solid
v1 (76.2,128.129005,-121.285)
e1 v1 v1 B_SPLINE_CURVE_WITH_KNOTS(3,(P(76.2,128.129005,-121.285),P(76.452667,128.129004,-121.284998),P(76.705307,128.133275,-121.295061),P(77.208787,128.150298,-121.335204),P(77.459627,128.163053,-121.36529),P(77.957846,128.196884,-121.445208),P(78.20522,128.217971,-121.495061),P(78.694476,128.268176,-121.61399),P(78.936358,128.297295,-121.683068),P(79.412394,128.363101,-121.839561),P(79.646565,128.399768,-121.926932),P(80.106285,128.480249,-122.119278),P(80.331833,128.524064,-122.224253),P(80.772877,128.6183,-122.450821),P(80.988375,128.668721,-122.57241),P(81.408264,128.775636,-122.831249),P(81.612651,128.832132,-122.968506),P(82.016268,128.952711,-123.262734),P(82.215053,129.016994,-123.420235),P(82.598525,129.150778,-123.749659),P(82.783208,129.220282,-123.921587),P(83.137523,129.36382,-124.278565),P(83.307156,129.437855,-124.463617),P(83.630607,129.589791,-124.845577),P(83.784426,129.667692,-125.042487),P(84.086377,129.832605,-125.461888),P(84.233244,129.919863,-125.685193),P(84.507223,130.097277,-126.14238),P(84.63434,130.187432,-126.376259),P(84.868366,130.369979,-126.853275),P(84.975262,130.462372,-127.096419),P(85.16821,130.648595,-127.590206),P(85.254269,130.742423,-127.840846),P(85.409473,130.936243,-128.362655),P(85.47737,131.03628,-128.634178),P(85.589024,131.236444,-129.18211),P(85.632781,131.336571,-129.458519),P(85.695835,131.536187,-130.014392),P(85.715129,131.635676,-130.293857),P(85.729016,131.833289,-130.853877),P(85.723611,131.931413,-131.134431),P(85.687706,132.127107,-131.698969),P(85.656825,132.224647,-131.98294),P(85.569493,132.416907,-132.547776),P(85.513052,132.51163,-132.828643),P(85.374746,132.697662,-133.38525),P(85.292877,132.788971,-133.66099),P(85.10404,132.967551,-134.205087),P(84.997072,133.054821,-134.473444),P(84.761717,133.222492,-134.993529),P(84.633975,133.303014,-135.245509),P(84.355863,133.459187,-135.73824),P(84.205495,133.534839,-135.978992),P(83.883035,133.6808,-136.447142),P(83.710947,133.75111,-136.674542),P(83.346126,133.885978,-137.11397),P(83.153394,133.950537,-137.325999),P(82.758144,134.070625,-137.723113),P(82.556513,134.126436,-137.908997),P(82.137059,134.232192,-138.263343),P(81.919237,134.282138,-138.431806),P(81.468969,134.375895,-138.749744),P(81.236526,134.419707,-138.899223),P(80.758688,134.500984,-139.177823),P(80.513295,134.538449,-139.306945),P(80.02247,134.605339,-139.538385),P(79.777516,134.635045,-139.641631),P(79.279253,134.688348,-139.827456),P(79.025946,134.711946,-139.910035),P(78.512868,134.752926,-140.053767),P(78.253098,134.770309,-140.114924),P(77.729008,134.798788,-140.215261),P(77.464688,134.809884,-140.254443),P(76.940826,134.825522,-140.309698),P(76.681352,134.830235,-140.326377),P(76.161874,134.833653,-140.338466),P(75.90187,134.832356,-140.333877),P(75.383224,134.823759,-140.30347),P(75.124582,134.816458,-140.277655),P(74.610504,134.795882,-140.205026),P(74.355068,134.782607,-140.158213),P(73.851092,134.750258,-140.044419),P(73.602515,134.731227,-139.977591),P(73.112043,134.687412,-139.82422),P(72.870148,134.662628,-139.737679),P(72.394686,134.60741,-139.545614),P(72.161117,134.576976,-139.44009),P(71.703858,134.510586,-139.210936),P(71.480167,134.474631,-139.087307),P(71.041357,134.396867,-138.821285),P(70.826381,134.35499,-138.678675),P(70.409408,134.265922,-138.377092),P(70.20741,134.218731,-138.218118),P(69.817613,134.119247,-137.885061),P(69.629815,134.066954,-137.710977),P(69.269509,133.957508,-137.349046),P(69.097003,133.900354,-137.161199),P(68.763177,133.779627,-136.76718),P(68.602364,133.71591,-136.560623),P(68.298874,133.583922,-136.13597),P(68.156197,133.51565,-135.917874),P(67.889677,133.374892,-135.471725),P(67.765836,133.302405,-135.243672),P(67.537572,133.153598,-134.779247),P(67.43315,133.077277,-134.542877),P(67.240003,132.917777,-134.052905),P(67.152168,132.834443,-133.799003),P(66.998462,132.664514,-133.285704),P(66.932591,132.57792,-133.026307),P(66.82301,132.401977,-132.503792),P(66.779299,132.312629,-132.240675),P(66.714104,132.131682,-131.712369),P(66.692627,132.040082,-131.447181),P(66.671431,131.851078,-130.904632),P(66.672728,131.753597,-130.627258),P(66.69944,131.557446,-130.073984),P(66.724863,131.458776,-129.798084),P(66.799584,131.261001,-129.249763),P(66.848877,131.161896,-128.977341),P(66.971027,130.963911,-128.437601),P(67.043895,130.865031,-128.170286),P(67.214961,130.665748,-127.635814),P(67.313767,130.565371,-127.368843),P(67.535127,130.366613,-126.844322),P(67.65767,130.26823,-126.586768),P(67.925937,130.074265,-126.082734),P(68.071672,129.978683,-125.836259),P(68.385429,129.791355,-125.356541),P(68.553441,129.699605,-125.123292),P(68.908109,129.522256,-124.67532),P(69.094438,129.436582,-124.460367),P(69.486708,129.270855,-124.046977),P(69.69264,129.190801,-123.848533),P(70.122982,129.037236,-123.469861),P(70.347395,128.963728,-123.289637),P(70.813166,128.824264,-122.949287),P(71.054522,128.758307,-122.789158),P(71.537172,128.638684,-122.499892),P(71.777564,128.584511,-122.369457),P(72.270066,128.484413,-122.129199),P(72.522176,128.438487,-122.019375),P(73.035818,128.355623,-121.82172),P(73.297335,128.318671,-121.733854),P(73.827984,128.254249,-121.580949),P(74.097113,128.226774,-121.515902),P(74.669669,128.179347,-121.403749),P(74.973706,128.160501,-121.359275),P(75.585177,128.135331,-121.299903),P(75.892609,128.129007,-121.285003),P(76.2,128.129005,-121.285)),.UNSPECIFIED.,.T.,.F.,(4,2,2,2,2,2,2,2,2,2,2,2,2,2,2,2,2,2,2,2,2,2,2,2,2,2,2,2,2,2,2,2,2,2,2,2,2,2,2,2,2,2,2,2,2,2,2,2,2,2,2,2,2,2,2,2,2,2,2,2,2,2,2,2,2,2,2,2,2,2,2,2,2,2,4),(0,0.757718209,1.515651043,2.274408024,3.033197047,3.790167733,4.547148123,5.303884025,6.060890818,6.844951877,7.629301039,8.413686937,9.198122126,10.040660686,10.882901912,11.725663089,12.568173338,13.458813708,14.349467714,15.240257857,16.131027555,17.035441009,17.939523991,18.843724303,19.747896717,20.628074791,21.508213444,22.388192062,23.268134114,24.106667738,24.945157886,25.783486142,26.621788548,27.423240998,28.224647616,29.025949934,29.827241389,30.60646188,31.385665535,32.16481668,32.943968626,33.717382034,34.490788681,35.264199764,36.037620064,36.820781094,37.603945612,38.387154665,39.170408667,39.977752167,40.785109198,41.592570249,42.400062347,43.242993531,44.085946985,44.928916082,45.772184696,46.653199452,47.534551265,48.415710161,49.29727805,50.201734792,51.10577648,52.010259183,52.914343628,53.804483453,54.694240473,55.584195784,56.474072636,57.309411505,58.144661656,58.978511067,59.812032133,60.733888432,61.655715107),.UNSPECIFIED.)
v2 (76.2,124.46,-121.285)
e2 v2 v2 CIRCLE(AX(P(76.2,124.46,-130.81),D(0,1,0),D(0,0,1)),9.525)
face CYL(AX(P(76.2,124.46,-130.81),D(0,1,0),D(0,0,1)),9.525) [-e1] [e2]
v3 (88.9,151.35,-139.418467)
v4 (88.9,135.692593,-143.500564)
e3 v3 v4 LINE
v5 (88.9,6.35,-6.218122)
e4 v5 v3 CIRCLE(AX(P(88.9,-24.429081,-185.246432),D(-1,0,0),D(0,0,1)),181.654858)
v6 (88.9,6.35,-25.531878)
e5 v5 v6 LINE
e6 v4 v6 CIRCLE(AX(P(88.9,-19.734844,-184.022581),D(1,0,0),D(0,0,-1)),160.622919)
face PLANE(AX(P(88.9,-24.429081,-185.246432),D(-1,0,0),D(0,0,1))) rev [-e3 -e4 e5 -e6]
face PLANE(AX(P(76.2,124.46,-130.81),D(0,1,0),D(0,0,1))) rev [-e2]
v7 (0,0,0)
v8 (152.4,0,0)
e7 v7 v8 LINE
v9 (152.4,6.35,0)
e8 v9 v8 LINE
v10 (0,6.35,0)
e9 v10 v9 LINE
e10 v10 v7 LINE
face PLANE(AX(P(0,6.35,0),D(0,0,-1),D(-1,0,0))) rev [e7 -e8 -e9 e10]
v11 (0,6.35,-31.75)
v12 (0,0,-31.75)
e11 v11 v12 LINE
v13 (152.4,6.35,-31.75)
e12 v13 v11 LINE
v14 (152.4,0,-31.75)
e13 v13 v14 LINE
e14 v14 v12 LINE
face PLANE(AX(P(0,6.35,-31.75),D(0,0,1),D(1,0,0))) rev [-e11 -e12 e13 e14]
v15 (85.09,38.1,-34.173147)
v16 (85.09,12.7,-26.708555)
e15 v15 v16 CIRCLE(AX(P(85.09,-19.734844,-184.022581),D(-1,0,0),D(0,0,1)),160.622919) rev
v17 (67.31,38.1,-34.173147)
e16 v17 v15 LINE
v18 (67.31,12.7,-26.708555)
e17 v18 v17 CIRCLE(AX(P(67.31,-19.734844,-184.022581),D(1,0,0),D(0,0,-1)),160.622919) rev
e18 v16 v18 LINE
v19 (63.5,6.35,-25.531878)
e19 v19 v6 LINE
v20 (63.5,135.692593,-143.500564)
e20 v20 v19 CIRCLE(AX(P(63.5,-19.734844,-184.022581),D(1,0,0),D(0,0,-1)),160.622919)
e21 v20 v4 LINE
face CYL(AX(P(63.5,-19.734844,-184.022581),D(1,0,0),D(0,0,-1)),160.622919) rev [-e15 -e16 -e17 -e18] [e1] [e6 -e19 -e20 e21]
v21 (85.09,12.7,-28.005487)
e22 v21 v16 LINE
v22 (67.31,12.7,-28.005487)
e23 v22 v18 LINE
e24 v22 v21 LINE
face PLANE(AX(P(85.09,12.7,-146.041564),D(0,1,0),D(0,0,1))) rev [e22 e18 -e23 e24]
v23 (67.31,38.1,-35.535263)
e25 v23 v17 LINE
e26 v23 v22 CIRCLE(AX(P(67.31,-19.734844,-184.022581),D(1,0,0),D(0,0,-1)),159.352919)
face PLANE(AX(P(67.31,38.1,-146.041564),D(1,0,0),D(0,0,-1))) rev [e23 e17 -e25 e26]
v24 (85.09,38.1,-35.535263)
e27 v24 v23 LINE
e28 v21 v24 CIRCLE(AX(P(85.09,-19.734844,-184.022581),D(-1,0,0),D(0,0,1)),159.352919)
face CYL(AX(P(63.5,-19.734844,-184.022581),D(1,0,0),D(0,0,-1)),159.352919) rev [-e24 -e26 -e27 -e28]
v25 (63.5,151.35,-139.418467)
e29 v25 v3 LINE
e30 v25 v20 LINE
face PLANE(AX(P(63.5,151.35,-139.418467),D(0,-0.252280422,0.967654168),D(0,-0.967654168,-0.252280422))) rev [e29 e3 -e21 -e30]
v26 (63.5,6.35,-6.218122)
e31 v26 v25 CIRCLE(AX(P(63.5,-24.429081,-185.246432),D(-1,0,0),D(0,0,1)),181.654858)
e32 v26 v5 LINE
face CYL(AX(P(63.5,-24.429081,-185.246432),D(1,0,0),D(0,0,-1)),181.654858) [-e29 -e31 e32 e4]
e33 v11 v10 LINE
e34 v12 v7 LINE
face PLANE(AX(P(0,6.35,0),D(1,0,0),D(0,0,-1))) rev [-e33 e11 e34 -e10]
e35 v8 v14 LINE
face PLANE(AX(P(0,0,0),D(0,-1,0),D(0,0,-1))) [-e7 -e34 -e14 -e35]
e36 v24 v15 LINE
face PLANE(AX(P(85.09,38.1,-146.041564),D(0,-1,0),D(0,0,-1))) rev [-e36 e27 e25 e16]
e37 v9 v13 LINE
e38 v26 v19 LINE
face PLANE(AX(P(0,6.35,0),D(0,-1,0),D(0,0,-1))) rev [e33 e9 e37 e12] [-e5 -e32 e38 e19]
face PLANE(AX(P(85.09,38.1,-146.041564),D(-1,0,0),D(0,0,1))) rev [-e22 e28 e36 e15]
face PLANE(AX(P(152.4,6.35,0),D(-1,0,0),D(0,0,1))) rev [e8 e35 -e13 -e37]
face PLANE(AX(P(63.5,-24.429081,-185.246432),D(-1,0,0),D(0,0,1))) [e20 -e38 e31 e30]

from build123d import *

# Parameters (mm, degrees)
SKETCH1_W                = 152.4
SKETCH1_H                = 31.75
BOSS_EXTRUDE1_DEPTH      = 6.35
BOSS_EXTRUDE2_DEPTH      = 12.7
BOSS_EXTRUDE2_DEPTH_BACK = 12.7
SKETCH7_R                = 9.525
BOSS_EXTRUDE4_DEPTH      = 12.7
BOSS_EXTRUDE5_REACH      = 250.235
BOSS_EXTRUDE5_END_RADIUS = 159.352919158
SKETCH8_W                = 17.78
SKETCH8_H                = 25.4


with BuildPart() as part:
    # Sketch1 → Boss-Extrude1 (new body)
    with BuildSketch(Plane(origin=(0, 0, 0), x_dir=(1, 0, 0), z_dir=(0, 1, 0))):
        with Locations((76.2, 15.875)):
            Rectangle(SKETCH1_W, SKETCH1_H)
    extrude(amount=BOSS_EXTRUDE1_DEPTH)

    # Sketch5 → Boss-Extrude2 (add, two sides)
    with BuildSketch(Plane(origin=(76.2, 0, 0), x_dir=(0, 0, -1), z_dir=(1, 0, 0))) as boss_extrude2_sk:
        with BuildLine():
            Line((6.218121971, 6.35), (25.531878029, 6.35))
            ThreePointArc((25.531878029, 6.35), (65.347005213, 88.504842335), (143.500563524, 135.69259281))
            Line((143.500563524, 135.69259281), (139.418467432, 151.35))
            ThreePointArc((139.418467432, 151.35), (51.469243862, 98.46173067), (6.218121971, 6.35))
        make_face()
    extrude(amount=BOSS_EXTRUDE2_DEPTH)
    extrude(boss_extrude2_sk.sketch, amount=-BOSS_EXTRUDE2_DEPTH_BACK)

    # Sketch7 → Boss-Extrude4 (add)
    with BuildSketch(Plane(origin=(0, 137.16, 0), x_dir=(1, 0, 0), z_dir=(0, 1, 0))):
        with Locations(Location((76.2, 130.81, 0), (0, 0, 270))):
            Circle(SKETCH7_R)
    extrude(amount=-BOSS_EXTRUDE4_DEPTH)

    # Boss-Extrude5: up to this cylinder (the profile starts outside it)
    boss_extrude5_end = Plane(origin=(76.2, -19.734844364, -184.022581395), z_dir=(1, 0, 0)) * Cylinder(BOSS_EXTRUDE5_END_RADIUS, 820.175838317, mode=Mode.PRIVATE)
    # Sketch8 → Boss-Extrude5 (add, up to the surface)
    with BuildSketch(Plane(origin=(0, 0, -19.05), x_dir=(-1, 0, 0), z_dir=(0, 0, -1)), mode=Mode.PRIVATE) as boss_extrude5_sk1:
        with Locations((-76.2, 25.4)):
            Rectangle(SKETCH8_W, SKETCH8_H)
    boss_extrude5_tool1 = extrude(boss_extrude5_sk1.sketch, amount=BOSS_EXTRUDE5_REACH, mode=Mode.PRIVATE) - boss_extrude5_end
    add(boss_extrude5_tool1.solids().sort_by_distance((76.2, 25.4, -19.05))[0])


solid = part.part
